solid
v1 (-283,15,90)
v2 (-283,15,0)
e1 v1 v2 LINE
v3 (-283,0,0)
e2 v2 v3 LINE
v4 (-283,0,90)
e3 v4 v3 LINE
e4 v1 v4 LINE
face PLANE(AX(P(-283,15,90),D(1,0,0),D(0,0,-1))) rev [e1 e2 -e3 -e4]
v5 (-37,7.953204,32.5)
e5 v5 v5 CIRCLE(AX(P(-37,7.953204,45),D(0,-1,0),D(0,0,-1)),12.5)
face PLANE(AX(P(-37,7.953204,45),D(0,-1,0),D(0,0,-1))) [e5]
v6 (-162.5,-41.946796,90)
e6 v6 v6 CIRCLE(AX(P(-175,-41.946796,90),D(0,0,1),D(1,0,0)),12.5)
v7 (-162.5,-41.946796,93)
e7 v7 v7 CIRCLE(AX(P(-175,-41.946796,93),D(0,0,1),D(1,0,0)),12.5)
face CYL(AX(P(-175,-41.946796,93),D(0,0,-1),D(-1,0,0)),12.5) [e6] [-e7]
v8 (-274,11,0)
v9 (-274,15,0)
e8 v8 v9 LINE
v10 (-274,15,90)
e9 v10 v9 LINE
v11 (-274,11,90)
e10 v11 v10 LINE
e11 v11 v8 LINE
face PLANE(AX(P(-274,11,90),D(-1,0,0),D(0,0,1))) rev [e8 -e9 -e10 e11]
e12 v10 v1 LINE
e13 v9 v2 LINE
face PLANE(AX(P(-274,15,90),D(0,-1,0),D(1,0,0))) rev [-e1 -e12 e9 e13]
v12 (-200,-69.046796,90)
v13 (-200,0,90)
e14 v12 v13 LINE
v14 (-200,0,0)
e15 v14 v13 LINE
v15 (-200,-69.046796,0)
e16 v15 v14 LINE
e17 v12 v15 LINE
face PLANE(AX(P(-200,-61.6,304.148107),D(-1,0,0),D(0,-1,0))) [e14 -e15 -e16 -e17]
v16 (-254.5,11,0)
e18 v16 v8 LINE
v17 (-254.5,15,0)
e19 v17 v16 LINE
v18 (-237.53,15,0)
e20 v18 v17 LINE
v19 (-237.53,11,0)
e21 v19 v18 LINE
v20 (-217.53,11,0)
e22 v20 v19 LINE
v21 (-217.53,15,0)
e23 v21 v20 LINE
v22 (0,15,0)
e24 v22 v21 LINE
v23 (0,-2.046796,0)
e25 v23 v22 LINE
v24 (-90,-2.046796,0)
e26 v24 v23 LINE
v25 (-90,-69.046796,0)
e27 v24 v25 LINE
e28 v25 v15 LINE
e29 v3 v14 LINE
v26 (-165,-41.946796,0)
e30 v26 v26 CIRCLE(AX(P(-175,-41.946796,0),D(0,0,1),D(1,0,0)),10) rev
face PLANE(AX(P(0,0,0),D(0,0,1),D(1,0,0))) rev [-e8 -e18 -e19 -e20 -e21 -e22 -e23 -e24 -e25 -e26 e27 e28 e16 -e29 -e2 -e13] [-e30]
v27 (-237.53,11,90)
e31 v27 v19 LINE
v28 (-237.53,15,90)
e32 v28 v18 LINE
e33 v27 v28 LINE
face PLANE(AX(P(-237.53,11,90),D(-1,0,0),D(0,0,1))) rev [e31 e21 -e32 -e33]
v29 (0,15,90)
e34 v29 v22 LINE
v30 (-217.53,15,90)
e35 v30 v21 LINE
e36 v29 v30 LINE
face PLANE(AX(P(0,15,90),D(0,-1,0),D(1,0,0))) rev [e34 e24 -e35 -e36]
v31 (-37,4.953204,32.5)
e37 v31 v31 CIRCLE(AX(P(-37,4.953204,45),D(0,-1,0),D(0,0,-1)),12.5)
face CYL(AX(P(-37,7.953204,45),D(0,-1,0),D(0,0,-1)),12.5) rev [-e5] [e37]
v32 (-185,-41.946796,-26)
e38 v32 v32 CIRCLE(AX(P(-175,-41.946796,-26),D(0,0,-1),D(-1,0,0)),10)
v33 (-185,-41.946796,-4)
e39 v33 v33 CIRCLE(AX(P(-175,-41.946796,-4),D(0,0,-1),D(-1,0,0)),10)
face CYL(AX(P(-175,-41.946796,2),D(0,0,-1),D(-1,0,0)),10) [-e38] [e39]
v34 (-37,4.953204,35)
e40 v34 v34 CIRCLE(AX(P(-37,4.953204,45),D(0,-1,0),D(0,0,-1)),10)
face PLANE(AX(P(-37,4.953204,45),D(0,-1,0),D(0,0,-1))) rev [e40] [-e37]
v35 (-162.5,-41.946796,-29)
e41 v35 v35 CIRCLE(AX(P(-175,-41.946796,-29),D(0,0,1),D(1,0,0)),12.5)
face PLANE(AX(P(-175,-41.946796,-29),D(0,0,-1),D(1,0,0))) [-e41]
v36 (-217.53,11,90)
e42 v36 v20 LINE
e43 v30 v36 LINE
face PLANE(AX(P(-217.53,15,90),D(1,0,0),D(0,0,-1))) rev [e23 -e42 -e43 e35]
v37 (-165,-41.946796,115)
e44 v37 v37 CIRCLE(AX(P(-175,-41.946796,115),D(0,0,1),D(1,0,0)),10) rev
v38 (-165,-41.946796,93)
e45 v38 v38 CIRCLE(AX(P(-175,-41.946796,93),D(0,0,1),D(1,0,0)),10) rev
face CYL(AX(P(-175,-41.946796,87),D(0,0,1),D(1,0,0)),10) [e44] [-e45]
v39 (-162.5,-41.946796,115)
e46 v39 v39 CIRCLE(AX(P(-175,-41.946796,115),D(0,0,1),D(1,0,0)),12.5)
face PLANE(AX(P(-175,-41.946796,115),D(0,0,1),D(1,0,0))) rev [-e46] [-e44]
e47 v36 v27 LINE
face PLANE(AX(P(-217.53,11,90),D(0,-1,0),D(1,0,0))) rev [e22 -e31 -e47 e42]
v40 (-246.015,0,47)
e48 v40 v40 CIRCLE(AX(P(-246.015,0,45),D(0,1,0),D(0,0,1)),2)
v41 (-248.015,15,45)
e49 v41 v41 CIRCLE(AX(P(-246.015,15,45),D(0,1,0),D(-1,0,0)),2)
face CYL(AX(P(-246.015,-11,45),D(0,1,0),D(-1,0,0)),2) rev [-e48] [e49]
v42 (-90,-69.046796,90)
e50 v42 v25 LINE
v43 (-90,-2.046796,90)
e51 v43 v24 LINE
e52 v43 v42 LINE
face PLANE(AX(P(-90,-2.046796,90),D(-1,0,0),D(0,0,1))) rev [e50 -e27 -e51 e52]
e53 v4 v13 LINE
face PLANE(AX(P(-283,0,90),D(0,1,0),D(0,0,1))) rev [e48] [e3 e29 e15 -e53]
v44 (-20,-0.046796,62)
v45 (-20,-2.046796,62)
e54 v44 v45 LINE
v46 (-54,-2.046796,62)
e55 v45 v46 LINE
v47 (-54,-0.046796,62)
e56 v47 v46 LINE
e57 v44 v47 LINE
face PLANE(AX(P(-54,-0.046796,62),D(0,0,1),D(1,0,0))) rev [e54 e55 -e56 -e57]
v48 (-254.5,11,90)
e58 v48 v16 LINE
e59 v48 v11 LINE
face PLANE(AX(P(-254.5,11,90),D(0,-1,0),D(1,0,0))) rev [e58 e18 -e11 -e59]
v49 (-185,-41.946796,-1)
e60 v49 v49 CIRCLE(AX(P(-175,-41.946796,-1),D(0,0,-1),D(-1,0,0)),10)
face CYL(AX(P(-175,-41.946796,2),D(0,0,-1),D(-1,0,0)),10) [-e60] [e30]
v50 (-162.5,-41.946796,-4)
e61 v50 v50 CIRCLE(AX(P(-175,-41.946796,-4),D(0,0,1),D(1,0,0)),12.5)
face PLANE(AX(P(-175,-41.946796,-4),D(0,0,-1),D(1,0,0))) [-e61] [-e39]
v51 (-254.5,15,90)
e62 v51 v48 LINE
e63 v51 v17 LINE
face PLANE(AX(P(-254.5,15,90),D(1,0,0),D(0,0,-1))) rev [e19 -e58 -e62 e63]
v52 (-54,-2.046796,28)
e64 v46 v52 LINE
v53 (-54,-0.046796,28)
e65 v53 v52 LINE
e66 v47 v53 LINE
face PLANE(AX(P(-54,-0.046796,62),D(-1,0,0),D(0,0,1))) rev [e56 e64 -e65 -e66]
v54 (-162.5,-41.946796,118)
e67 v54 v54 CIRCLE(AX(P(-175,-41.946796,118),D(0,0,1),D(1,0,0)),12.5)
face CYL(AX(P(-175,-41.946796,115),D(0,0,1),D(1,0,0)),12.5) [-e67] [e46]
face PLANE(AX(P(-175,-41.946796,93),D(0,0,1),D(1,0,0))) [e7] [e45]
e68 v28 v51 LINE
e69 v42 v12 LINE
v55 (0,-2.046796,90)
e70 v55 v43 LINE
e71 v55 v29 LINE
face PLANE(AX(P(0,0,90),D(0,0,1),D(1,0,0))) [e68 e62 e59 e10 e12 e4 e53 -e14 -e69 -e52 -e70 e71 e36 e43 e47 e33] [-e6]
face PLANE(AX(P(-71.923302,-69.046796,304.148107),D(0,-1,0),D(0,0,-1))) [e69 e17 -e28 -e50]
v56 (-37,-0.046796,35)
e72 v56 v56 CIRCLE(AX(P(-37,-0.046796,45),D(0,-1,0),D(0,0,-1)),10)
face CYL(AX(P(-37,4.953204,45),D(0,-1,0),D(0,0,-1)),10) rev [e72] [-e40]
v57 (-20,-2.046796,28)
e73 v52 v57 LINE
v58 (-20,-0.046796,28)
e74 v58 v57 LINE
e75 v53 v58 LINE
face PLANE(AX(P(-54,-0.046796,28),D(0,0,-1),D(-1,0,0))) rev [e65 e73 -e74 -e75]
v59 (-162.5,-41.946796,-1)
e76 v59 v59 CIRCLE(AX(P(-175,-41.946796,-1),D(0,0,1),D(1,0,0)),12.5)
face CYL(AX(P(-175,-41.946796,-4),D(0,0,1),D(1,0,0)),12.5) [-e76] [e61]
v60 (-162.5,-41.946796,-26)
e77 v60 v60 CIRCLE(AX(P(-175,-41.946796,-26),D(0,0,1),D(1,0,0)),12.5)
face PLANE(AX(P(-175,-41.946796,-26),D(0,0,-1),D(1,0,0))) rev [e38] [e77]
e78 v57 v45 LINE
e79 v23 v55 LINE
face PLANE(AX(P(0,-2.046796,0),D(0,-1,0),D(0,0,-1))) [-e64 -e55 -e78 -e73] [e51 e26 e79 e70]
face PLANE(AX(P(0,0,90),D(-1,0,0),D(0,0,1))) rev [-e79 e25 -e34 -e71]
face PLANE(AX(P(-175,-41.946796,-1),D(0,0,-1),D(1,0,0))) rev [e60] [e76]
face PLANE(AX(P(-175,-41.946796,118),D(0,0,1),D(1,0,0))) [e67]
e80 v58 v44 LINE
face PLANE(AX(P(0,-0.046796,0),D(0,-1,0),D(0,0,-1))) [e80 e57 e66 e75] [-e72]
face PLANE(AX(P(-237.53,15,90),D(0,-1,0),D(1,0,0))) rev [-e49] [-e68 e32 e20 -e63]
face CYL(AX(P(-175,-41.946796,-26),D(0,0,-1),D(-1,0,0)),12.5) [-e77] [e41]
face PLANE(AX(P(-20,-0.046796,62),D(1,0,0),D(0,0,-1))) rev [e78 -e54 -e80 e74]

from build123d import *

# Parameters (mm, degrees)
BOSS_EXTRUDE1_DEPTH = 90
SKETCH2_R           = 2
CUT_EXTRUDE1_DEPTH  = 26
BOSS_EXTRUDE2_DEPTH = 90
SKETCH4_W           = 47.922407602
SKETCH4_H           = 26.699627092
BOSS_EXTRUDE3_DEPTH = 20
SKETCH7_R           = 2.5
CUT_EXTRUDE2_DEPTH  = 66.5
SKETCH9_W           = 15
SKETCH9_H           = 8
CUT_EXTRUDE3_DEPTH  = 91
CUT_EXTRUDE4_REACH  = 62.6
SKETCH8_R           = 2.5
CUT_EXTRUDE5_DEPTH  = 67
SKETCH12_W          = 63.84660413
SKETCH12_H          = 90
BOSS_EXTRUDE4_DEPTH = 67
BOSS_EXTRUDE5_START = -3
SKETCH13_R          = 10
BOSS_EXTRUDE5_DEPTH = 31
SKETCH15_R          = 12.5
BOSS_EXTRUDE6_DEPTH = 3
SKETCH16_R          = 12.5
BOSS_EXTRUDE7_DEPTH = 3
SKETCH17_W          = 34
SKETCH17_H          = 34
CUT_EXTRUDE6_DEPTH  = 2
SKETCH18_R          = 10
CUT_EXTRUDE7_DEPTH  = 5
SKETCH19_R          = 12.5
CUT_EXTRUDE8_DEPTH  = 3


with BuildPart() as part:
    # Sketch1 → Boss-Extrude1 (new body)
    with BuildSketch(Plane.XY):
        Polygon((-283, 0), (0, 0), (0, 15), (-217.53, 15), (-217.53, 11), (-237.53, 11), (-237.53, 15), (-254.5, 15), (-254.5, 11), (-274, 11), (-274, 15), (-283, 15), align=None)
    extrude(amount=BOSS_EXTRUDE1_DEPTH)

    # Sketch2 → Cut-Extrude1 (cut)
    with BuildSketch(Plane(origin=(0, 15, 0), x_dir=(1, 0, 0), z_dir=(0, 1, 0))):
        with Locations((-246.015, -45)):
            Circle(SKETCH2_R)
    extrude(amount=-CUT_EXTRUDE1_DEPTH, mode=Mode.SUBTRACT)

    # Sketch3 → Boss-Extrude2 (add)
    with BuildSketch(Plane(origin=(0, 0, 0), x_dir=(-1, 0, 0), z_dir=(0, 0, -1))):
        Polygon((0, 0), (0, -61.6), (0, -69.046795722), (8.076697935, -69.046795722), (16.610633667, -45.6), (63.389366333, -45.6), (71.923302065, -69.046795722), (128.076697935, -69.046795722), (136.610633667, -45.6), (183.389366333, -45.6), (191.923302065, -69.046795722), (200, -69.046795722), (200, -61.6), (200, 7.5), (0, 7.5), align=None)
    extrude(amount=-BOSS_EXTRUDE2_DEPTH)

    # Sketch4 → Boss-Extrude3 (add, symmetric)
    with BuildSketch(Plane(origin=(0, 0, 44.5), x_dir=(-1, 0, 0), z_dir=(0, 0, -1))):
        with Locations((40.197751444, -51.696982176)):
            Rectangle(SKETCH4_W, SKETCH4_H)
    extrude(amount=BOSS_EXTRUDE3_DEPTH, both=True)

    # Sketch7 → Cut-Extrude2 (cut, through all)
    with BuildSketch(Plane(origin=(0, 0, 24.5), x_dir=(-1, 0, 0), z_dir=(0, 0, -1))):
        with Locations((40, -61.6)):
            Circle(SKETCH7_R)
    extrude(amount=-CUT_EXTRUDE2_DEPTH, mode=Mode.SUBTRACT)

    # Sketch9 → Cut-Extrude3 (cut, through all)
    with BuildSketch(Plane(origin=(0, 0, 0), x_dir=(-1, 0, 0), z_dir=(0, 0, -1))):
        with Locations((160, -36.6)):
            Rectangle(SKETCH9_W, SKETCH9_H)
    extrude(amount=-CUT_EXTRUDE3_DEPTH, mode=Mode.SUBTRACT)

    # Sketch8 → Cut-Extrude4 (cut, up to next)
    with BuildSketch(Plane.XZ.offset(45.6), mode=Mode.PRIVATE) as cut_extrude4_sk1:
        with Locations((-160, 75)):
            Circle(SKETCH8_R)
    cut_extrude4_tool1 = extrude(cut_extrude4_sk1.sketch, amount=-CUT_EXTRUDE4_REACH, mode=Mode.PRIVATE) & part.part
    add(cut_extrude4_tool1.solids().sort_by_distance((-160, -45.6, 75))[0], mode=Mode.SUBTRACT)
    # Sketch8 → Cut-Extrude4 (cut, up to next)
    with BuildSketch(Plane.XZ.offset(45.6), mode=Mode.PRIVATE) as cut_extrude4_sk2:
        with Locations((-160, 15)):
            Circle(SKETCH8_R)
    cut_extrude4_tool2 = extrude(cut_extrude4_sk2.sketch, amount=-CUT_EXTRUDE4_REACH, mode=Mode.PRIVATE) & part.part
    add(cut_extrude4_tool2.solids().sort_by_distance((-160, -45.6, 15))[0], mode=Mode.SUBTRACT)

    # Sketch10 → Cut-Extrude5 (cut)
    with BuildSketch(Plane.XZ.offset(69.046795722)):
        Polygon((-8.076697935, 90), (-90, 90), (-90, 0), (-8.076697935, 0), (0, 0), (0, 90), align=None)
    extrude(amount=-CUT_EXTRUDE5_DEPTH, mode=Mode.SUBTRACT)

    # Sketch12 → Boss-Extrude4 (add)
    with BuildSketch(Plane.XZ.offset(69.046795722)):
        with Locations((-160, 45)):
            Rectangle(SKETCH12_W, SKETCH12_H)
    extrude(amount=-BOSS_EXTRUDE4_DEPTH)

    # Sketch13 → Boss-Extrude5 (add)
    with BuildSketch(Plane.XY.offset(90).offset(BOSS_EXTRUDE5_START)):
        with Locations((-175, -41.946795722)):
            Circle(SKETCH13_R)
    boss_extrude5 = extrude(amount=BOSS_EXTRUDE5_DEPTH)

    # Sketch15 → Boss-Extrude6 (add)
    with BuildSketch(Plane.XY.offset(118)):
        with Locations((-175, -41.946795722)):
            Circle(SKETCH15_R)
    boss_extrude6 = extrude(amount=-BOSS_EXTRUDE6_DEPTH)

    # Mirror1: Boss-Extrude5, Boss-Extrude6 across plane
    add(boss_extrude5.mirror(Plane(origin=(0, 0, 44.5), x_dir=(1, 0, 0), z_dir=(0, 0, -1))))
    add(boss_extrude6.mirror(Plane(origin=(0, 0, 44.5), x_dir=(1, 0, 0), z_dir=(0, 0, -1))))

    # Sketch16 → Boss-Extrude7 (add)
    with BuildSketch(Plane.XY.offset(90)):
        with Locations((-175, -41.946795722)):
            Circle(SKETCH16_R)
    boss_extrude7 = extrude(amount=BOSS_EXTRUDE7_DEPTH)

    # Mirror2: Boss-Extrude7 across plane
    add(boss_extrude7.mirror(Plane(origin=(0, 0, 44.5), x_dir=(1, 0, 0), z_dir=(0, 0, -1))))

    # Sketch17 → Cut-Extrude6 (cut)
    with BuildSketch(Plane(origin=(0, -2.046795722, 0), x_dir=(-1, 0, 0), z_dir=(0, -1, 0))):
        with Locations((37, -45)):
            Rectangle(SKETCH17_W, SKETCH17_H)
    extrude(amount=-CUT_EXTRUDE6_DEPTH, mode=Mode.SUBTRACT)

    # Sketch18 → Cut-Extrude7 (cut)
    with BuildSketch(Plane.XZ.offset(0.046795722)):
        with Locations((-37, 45)):
            Circle(SKETCH18_R)
    extrude(amount=-CUT_EXTRUDE7_DEPTH, mode=Mode.SUBTRACT)

    # Sketch19 → Cut-Extrude8 (cut)
    with BuildSketch(Plane.XZ.offset(-4.953204278)):
        with Locations((-37, 45)):
            Circle(SKETCH19_R)
    extrude(amount=-CUT_EXTRUDE8_DEPTH, mode=Mode.SUBTRACT)


solid = part.part
